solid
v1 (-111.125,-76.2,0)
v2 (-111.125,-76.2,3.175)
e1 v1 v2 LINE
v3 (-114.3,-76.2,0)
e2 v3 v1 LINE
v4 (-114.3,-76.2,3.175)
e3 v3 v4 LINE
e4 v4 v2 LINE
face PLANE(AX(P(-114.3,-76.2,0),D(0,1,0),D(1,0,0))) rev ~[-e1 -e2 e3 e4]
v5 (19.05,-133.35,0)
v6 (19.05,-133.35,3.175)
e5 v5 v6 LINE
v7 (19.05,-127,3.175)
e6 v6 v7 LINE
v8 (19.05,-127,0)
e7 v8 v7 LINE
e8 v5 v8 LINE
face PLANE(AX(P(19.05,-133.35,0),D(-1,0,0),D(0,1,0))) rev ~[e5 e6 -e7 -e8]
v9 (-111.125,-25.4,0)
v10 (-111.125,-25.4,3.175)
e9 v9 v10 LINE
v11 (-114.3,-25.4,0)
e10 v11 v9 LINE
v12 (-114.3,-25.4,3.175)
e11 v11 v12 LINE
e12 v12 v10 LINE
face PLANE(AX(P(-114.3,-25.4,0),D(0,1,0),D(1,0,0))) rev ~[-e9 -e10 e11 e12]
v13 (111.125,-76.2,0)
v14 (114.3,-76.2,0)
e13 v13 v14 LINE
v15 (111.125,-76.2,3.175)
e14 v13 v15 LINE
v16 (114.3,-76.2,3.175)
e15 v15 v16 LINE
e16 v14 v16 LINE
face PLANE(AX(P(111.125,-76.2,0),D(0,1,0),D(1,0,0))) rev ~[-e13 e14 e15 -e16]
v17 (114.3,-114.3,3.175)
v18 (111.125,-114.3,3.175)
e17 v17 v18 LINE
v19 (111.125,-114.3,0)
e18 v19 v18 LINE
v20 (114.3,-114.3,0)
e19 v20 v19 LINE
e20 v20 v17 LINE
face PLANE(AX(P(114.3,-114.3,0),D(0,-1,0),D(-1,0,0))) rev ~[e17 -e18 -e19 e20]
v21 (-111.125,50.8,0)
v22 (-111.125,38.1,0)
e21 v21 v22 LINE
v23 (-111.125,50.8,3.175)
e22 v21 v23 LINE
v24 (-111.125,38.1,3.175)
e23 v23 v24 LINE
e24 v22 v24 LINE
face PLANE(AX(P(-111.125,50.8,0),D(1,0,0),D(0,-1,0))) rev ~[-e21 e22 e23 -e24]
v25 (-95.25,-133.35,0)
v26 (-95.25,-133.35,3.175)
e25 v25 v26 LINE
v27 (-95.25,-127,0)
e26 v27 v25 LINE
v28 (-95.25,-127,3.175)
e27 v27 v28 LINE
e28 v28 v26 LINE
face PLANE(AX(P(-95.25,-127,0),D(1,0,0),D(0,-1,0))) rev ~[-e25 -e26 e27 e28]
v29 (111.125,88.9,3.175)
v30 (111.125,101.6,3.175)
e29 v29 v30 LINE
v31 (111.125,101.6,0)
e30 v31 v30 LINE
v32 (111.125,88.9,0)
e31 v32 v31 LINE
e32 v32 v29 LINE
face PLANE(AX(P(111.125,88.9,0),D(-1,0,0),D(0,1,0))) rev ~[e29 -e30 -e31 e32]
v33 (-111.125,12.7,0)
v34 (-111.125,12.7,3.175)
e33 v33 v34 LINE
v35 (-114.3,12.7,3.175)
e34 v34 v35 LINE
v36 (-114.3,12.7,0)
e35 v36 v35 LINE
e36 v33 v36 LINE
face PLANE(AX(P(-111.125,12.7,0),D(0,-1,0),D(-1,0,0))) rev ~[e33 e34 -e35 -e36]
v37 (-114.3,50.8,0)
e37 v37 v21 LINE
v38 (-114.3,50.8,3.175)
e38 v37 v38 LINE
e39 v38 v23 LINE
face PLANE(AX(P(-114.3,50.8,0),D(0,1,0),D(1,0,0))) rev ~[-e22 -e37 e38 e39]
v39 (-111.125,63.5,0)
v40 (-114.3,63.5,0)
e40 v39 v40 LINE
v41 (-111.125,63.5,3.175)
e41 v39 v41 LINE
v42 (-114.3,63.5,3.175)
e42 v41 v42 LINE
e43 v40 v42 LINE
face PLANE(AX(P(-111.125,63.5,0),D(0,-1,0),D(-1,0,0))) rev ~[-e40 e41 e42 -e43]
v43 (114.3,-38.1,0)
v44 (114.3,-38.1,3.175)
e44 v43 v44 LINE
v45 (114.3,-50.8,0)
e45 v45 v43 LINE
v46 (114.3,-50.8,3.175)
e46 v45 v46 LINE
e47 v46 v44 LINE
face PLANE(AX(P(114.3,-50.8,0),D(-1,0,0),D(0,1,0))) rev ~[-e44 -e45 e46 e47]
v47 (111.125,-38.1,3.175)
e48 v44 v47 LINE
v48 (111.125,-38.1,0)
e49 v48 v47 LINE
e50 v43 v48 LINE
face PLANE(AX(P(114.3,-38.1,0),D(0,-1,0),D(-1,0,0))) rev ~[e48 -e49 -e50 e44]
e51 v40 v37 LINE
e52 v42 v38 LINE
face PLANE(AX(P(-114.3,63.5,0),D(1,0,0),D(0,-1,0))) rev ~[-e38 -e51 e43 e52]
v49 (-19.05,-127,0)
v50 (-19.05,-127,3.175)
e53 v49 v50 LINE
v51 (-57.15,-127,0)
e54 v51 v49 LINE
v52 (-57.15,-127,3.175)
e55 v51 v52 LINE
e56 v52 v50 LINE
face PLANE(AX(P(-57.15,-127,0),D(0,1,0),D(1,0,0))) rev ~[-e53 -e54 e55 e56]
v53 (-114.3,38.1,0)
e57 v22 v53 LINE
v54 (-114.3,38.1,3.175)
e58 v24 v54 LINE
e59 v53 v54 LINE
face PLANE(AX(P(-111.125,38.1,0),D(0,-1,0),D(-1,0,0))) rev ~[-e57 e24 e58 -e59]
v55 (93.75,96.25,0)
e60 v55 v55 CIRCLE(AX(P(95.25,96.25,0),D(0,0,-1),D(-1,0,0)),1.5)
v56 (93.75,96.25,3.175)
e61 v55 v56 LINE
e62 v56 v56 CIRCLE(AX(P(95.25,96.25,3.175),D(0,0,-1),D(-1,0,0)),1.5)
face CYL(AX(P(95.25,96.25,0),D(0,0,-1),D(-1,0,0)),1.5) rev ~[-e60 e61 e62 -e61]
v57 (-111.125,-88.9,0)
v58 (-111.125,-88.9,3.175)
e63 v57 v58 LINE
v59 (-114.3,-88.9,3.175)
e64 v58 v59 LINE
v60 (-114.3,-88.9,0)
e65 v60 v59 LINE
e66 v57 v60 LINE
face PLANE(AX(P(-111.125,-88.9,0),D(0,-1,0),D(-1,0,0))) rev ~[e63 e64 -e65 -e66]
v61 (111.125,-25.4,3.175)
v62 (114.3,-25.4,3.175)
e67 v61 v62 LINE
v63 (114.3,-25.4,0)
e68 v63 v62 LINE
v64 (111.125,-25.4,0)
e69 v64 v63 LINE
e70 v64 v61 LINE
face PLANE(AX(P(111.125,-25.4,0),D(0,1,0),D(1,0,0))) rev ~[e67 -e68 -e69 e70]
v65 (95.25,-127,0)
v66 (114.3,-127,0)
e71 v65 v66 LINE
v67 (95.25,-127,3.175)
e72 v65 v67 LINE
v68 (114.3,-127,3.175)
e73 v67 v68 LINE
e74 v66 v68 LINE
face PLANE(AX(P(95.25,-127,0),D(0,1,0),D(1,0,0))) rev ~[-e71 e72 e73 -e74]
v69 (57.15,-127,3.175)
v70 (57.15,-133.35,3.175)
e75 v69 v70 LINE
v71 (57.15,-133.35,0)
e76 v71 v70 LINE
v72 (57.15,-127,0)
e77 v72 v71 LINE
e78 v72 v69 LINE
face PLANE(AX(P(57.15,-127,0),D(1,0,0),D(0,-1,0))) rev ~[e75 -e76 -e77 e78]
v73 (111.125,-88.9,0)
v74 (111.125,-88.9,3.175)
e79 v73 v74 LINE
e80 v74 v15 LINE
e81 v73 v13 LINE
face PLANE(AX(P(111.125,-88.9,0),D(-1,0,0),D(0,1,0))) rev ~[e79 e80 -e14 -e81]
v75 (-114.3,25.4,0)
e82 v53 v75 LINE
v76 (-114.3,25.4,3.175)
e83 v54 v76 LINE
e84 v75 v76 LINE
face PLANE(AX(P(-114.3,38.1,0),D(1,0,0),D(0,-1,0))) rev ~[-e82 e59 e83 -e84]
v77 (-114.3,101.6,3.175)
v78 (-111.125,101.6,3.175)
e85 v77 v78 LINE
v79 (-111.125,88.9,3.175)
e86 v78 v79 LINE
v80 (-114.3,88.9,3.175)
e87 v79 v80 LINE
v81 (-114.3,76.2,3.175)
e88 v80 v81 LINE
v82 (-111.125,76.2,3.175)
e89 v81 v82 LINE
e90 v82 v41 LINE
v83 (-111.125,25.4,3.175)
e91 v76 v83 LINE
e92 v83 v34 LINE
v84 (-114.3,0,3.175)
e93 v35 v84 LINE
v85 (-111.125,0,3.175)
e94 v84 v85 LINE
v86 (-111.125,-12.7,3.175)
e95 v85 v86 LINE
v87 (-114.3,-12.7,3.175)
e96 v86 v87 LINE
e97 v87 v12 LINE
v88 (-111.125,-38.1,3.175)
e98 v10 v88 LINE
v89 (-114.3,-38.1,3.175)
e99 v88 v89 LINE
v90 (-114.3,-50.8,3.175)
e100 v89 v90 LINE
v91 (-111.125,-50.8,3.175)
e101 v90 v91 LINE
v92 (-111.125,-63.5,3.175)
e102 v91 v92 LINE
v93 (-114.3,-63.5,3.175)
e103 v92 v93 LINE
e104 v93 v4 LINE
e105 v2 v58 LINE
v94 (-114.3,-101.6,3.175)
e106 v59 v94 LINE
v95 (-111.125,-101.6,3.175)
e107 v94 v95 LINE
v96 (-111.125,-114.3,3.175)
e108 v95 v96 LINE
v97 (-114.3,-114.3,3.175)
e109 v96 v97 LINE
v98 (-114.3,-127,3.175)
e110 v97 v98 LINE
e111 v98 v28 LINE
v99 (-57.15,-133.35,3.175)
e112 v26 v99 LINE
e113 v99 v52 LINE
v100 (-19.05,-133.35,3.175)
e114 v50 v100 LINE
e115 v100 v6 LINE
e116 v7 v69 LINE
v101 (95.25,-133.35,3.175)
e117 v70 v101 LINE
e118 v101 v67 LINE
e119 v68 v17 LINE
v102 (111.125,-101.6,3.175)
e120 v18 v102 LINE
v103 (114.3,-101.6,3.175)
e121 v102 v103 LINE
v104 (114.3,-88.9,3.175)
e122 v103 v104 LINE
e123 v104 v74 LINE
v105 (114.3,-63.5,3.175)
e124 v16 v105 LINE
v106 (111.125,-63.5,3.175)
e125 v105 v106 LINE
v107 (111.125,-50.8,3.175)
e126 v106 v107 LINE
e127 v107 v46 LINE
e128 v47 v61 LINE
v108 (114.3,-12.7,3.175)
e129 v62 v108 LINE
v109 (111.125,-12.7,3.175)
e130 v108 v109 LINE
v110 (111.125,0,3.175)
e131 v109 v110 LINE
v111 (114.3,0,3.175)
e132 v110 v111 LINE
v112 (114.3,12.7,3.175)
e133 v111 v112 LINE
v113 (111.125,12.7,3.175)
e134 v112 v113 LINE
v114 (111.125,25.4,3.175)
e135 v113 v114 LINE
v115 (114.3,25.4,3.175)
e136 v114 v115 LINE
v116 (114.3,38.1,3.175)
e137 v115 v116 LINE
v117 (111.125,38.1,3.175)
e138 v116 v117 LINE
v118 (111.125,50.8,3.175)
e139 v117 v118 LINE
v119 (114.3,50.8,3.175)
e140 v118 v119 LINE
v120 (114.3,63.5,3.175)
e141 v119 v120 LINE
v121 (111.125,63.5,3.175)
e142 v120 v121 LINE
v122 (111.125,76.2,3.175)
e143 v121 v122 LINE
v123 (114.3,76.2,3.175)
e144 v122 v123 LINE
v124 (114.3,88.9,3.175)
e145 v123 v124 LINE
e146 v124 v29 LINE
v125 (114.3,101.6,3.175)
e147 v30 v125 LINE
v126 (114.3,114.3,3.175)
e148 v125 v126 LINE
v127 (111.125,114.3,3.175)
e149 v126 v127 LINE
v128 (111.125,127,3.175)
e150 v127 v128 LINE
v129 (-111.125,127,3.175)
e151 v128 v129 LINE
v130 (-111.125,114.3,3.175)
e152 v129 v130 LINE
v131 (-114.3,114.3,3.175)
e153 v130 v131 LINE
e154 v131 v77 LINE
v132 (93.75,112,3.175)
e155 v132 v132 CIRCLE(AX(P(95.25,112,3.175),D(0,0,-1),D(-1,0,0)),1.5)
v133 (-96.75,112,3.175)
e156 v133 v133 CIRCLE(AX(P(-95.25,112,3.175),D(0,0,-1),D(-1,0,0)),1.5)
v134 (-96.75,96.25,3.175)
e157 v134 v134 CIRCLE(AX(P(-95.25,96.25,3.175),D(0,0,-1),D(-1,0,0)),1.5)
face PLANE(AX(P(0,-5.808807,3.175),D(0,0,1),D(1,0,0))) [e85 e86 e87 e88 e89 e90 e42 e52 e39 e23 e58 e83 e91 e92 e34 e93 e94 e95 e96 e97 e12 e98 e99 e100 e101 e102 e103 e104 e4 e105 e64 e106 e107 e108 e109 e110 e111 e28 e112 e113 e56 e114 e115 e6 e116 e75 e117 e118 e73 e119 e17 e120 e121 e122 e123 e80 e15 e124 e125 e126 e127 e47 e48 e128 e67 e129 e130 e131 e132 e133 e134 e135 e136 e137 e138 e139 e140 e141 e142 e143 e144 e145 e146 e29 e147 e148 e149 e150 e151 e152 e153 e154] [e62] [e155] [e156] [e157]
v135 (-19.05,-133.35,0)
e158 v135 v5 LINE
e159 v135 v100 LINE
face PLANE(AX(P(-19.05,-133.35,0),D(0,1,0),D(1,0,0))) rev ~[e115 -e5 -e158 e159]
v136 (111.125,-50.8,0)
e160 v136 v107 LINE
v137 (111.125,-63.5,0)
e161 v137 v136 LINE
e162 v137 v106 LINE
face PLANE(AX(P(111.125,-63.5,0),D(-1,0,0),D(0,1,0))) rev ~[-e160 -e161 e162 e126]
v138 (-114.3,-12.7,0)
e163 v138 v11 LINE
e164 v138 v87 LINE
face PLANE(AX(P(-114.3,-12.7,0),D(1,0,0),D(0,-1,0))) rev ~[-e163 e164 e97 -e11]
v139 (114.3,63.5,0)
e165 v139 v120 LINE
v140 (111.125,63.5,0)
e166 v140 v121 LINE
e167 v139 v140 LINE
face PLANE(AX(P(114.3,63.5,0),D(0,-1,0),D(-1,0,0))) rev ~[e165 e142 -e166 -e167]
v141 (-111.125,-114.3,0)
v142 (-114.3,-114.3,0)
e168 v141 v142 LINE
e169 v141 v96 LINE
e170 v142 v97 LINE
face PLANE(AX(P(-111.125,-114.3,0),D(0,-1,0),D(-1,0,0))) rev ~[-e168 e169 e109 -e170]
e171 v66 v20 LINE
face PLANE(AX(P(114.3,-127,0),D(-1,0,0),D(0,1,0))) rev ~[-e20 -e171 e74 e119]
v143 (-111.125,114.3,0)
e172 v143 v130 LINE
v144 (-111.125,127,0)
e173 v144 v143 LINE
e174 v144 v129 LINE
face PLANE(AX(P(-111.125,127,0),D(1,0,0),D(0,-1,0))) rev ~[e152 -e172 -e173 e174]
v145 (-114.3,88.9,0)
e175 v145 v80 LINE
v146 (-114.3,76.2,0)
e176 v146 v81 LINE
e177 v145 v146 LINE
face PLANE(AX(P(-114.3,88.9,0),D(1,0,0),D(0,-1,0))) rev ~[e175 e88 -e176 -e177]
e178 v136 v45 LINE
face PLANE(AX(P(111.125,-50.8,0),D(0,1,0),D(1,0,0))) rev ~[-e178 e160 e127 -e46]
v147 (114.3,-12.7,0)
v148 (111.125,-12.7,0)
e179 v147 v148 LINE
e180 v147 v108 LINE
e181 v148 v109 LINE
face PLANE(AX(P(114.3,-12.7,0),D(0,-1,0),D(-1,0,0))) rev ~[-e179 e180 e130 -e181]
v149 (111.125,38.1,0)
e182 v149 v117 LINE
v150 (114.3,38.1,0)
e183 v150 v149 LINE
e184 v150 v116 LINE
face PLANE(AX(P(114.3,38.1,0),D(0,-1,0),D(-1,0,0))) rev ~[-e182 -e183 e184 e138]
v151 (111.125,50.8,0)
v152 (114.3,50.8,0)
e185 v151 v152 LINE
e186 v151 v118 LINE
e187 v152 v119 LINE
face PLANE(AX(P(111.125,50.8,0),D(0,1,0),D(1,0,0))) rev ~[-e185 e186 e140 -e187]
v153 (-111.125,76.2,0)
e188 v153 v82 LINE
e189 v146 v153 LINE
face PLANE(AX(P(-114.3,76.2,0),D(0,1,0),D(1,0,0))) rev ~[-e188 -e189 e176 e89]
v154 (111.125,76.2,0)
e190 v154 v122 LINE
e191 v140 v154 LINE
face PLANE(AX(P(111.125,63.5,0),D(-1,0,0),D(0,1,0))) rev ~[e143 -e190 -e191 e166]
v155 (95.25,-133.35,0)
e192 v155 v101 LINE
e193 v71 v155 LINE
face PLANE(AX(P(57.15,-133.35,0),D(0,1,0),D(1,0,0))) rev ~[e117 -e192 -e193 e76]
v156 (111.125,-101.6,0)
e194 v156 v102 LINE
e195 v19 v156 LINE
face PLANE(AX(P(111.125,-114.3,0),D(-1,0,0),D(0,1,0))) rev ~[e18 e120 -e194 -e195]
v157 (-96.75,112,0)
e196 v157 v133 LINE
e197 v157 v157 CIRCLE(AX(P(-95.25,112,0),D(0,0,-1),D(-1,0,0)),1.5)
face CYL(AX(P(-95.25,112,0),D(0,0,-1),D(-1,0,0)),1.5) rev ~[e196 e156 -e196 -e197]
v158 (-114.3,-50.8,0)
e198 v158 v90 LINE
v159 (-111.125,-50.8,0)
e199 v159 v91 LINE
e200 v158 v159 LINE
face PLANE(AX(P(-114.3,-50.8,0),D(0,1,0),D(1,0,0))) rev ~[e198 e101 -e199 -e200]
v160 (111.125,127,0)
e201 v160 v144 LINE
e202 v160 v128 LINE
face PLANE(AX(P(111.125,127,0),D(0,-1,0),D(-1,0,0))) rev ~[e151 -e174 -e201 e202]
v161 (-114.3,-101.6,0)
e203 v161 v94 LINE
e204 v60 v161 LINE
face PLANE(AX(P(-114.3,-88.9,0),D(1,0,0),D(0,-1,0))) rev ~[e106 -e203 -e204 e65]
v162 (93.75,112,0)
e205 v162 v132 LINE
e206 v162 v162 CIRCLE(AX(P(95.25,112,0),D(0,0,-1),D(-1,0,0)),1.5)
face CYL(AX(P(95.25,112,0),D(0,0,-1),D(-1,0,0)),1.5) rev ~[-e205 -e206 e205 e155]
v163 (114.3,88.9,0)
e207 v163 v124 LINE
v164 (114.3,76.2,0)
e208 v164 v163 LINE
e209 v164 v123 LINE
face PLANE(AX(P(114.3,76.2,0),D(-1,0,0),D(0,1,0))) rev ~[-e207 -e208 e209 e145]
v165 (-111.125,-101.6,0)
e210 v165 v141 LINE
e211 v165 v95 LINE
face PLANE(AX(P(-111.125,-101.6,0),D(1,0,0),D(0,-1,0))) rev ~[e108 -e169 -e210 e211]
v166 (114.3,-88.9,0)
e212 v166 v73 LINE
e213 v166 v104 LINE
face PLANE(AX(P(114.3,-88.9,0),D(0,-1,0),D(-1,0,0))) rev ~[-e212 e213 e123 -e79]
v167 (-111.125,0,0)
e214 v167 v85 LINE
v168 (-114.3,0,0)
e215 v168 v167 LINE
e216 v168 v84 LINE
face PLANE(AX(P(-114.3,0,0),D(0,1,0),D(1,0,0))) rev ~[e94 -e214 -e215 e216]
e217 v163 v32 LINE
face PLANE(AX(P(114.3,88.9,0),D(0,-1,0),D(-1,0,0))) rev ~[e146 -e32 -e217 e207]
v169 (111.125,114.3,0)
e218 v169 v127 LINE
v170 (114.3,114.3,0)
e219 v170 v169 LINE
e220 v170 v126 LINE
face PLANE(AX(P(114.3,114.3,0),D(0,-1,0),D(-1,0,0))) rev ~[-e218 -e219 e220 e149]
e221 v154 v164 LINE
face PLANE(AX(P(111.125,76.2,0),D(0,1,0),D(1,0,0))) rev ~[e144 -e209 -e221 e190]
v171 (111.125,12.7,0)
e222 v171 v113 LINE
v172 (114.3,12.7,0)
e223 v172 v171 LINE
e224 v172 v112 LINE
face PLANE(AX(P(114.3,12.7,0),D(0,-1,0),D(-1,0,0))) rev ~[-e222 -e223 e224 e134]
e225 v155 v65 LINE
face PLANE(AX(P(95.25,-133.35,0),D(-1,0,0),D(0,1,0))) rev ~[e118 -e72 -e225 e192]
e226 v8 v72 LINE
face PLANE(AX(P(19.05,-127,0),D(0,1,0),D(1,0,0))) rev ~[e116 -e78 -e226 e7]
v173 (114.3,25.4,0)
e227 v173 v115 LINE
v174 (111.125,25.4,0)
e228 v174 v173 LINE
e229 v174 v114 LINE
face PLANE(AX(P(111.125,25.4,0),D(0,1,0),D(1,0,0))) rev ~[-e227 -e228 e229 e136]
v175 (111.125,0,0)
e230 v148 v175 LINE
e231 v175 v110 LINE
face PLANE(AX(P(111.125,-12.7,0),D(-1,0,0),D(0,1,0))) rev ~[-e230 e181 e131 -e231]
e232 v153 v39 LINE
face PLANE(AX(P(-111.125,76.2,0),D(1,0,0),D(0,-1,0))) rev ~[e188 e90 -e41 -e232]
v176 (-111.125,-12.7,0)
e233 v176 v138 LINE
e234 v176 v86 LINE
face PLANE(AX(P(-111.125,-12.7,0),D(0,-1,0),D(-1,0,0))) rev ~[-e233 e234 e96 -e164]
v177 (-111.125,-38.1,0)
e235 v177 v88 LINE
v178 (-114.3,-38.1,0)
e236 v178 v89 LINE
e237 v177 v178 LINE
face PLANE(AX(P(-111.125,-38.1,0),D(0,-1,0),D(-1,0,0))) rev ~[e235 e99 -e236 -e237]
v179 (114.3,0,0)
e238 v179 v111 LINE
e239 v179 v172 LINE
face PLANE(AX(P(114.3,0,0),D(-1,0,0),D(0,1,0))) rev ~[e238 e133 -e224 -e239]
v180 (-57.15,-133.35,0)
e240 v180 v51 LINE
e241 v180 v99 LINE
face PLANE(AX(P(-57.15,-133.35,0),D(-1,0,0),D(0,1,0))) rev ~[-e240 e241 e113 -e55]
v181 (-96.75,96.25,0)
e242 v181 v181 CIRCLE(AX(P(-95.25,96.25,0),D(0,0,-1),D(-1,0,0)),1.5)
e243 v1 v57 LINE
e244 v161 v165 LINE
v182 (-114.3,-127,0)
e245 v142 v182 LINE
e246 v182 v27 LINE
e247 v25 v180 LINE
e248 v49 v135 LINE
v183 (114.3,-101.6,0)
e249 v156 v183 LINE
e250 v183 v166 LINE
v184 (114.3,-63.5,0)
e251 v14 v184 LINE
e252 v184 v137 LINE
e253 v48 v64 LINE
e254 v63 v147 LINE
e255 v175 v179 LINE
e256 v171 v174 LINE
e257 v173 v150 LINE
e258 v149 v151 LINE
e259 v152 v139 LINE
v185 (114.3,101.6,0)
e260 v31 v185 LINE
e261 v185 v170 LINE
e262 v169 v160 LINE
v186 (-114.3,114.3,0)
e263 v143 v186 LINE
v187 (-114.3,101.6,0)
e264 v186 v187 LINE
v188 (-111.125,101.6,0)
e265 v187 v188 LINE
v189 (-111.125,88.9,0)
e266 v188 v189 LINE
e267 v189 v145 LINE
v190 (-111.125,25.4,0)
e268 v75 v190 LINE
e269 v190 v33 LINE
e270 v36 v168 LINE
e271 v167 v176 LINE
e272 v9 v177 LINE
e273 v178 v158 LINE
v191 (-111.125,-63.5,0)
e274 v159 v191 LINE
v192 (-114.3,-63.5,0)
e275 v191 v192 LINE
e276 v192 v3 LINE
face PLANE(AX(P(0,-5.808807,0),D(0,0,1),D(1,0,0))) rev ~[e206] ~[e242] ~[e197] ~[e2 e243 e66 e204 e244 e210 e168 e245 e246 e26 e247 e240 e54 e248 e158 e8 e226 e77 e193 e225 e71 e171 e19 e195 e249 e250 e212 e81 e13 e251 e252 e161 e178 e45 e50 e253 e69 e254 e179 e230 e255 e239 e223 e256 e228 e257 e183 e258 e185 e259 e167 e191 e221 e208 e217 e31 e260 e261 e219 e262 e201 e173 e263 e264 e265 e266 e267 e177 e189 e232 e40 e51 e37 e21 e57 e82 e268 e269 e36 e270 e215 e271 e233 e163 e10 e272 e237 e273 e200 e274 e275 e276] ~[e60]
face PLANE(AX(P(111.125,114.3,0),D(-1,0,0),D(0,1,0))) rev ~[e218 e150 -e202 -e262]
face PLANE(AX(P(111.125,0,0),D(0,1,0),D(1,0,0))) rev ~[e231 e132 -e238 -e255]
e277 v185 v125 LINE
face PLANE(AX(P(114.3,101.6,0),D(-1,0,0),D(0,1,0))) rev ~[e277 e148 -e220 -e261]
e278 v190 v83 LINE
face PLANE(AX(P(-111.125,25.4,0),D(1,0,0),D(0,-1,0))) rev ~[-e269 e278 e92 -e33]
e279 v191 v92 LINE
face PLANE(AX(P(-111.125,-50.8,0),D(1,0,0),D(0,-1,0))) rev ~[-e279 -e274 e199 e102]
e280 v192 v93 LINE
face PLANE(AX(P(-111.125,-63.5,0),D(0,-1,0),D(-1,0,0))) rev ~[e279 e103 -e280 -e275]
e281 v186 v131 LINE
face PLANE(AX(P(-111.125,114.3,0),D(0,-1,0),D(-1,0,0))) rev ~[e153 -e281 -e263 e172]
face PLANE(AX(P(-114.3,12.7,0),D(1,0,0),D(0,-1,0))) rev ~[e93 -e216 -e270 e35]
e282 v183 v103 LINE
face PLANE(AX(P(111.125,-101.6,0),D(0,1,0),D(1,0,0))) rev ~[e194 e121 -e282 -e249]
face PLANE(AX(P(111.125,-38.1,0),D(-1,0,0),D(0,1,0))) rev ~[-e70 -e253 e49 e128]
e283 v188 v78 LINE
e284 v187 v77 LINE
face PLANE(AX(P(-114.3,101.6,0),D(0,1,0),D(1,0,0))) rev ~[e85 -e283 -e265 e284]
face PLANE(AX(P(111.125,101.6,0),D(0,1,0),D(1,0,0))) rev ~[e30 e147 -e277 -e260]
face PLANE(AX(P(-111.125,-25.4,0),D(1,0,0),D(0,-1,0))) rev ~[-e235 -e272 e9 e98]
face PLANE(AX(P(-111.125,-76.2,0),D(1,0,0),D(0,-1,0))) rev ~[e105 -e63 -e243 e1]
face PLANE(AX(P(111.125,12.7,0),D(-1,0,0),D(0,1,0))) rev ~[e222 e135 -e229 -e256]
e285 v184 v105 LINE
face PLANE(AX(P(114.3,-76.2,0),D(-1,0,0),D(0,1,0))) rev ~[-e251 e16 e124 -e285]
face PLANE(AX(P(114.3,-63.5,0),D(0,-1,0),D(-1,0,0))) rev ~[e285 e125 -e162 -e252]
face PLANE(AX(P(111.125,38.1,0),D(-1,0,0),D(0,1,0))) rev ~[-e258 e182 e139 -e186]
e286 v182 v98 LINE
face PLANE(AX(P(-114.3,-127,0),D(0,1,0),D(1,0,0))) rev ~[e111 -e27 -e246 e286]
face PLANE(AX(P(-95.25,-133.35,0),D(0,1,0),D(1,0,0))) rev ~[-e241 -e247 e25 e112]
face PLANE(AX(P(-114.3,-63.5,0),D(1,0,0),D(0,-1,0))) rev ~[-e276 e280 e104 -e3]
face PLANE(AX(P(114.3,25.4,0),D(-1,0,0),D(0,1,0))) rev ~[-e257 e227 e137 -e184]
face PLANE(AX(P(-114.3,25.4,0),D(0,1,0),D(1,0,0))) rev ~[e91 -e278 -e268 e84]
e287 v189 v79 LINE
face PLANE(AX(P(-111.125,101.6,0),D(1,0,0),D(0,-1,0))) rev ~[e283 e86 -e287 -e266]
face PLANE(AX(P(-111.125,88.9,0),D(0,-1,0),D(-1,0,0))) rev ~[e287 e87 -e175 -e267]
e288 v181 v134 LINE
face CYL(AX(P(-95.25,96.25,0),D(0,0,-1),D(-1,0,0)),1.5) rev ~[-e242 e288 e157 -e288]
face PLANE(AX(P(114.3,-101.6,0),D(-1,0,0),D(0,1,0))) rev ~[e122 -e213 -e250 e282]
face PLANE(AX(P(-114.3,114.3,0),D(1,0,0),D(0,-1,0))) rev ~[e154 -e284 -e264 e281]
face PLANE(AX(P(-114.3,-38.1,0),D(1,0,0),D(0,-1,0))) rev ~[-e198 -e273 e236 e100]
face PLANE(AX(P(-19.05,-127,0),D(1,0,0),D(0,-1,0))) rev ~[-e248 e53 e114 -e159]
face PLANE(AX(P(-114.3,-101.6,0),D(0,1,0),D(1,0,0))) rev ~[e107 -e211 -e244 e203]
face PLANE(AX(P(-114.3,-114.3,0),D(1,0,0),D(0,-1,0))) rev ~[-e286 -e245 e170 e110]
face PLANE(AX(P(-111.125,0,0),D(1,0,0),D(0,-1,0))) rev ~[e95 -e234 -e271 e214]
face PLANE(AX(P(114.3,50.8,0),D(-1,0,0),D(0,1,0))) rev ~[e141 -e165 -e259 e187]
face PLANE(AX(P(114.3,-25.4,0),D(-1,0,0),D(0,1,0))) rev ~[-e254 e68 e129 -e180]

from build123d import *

# Parameters (mm, degrees)
BOSS_EXTRUDE1_DEPTH = 3.175
SKETCH3_R           = 1.5
CUT_EXTRUDE2_DEPTH  = 3.175


with BuildPart() as part:
    # Sketch1 → Boss-Extrude1 (new body)
    with BuildSketch(Plane.XY):
        Polygon((-111.125, 114.3), (-114.3, 114.3), (-114.3, 101.6), (-111.125, 101.6), (-111.125, 88.9), (-114.3, 88.9), (-114.3, 76.2), (-111.125, 76.2), (-111.125, 63.5), (-114.3, 63.5), (-114.3, 50.8), (-111.125, 50.8), (-111.125, 38.1), (-114.3, 38.1), (-114.3, 25.4), (-111.125, 25.4), (-111.125, 12.7), (-114.3, 12.7), (-114.3, 0), (-111.125, 0), (-111.125, -12.7), (-114.3, -12.7), (-114.3, -25.4), (-111.125, -25.4), (-111.125, -38.1), (-114.3, -38.1), (-114.3, -50.8), (-111.125, -50.8), (-111.125, -63.5), (-114.3, -63.5), (-114.3, -76.2), (-111.125, -76.2), (-111.125, -88.9), (-114.3, -88.9), (-114.3, -101.6), (-111.125, -101.6), (-111.125, -114.3), (-114.3, -114.3), (-114.3, -127), (-95.25, -127), (-95.25, -133.35), (-57.15, -133.35), (-57.15, -127), (-19.05, -127), (-19.05, -133.35), (19.05, -133.35), (19.05, -127), (57.15, -127), (57.15, -133.35), (95.25, -133.35), (95.25, -127), (114.3, -127), (114.3, -114.3), (111.125, -114.3), (111.125, -101.6), (114.3, -101.6), (114.3, -88.9), (111.125, -88.9), (111.125, -76.2), (114.3, -76.2), (114.3, -63.5), (111.125, -63.5), (111.125, -50.8), (114.3, -50.8), (114.3, -38.1), (111.125, -38.1), (111.125, -25.4), (114.3, -25.4), (114.3, -12.7), (111.125, -12.7), (111.125, 0), (114.3, 0), (114.3, 12.7), (111.125, 12.7), (111.125, 25.4), (114.3, 25.4), (114.3, 38.1), (111.125, 38.1), (111.125, 50.8), (114.3, 50.8), (114.3, 63.5), (111.125, 63.5), (111.125, 76.2), (114.3, 76.2), (114.3, 88.9), (111.125, 88.9), (111.125, 101.6), (114.3, 101.6), (114.3, 114.3), (111.125, 114.3), (111.125, 127), (-111.125, 127), align=None)
    extrude(amount=BOSS_EXTRUDE1_DEPTH)

    # Sketch3 → Cut-Extrude2 (cut)
    with BuildSketch(Plane(origin=(0, 0, 0), x_dir=(-1, 0, 0), z_dir=(0, 0, -1))):
        with Locations((-95.25, 112)):
            Circle(SKETCH3_R)
        with Locations((-95.25, 96.25)):
            Circle(SKETCH3_R)
        with Locations((95.25, 96.25)):
            Circle(SKETCH3_R)
        with Locations((95.25, 112)):
            Circle(SKETCH3_R)
    extrude(amount=-CUT_EXTRUDE2_DEPTH, mode=Mode.SUBTRACT)


solid = part.part
